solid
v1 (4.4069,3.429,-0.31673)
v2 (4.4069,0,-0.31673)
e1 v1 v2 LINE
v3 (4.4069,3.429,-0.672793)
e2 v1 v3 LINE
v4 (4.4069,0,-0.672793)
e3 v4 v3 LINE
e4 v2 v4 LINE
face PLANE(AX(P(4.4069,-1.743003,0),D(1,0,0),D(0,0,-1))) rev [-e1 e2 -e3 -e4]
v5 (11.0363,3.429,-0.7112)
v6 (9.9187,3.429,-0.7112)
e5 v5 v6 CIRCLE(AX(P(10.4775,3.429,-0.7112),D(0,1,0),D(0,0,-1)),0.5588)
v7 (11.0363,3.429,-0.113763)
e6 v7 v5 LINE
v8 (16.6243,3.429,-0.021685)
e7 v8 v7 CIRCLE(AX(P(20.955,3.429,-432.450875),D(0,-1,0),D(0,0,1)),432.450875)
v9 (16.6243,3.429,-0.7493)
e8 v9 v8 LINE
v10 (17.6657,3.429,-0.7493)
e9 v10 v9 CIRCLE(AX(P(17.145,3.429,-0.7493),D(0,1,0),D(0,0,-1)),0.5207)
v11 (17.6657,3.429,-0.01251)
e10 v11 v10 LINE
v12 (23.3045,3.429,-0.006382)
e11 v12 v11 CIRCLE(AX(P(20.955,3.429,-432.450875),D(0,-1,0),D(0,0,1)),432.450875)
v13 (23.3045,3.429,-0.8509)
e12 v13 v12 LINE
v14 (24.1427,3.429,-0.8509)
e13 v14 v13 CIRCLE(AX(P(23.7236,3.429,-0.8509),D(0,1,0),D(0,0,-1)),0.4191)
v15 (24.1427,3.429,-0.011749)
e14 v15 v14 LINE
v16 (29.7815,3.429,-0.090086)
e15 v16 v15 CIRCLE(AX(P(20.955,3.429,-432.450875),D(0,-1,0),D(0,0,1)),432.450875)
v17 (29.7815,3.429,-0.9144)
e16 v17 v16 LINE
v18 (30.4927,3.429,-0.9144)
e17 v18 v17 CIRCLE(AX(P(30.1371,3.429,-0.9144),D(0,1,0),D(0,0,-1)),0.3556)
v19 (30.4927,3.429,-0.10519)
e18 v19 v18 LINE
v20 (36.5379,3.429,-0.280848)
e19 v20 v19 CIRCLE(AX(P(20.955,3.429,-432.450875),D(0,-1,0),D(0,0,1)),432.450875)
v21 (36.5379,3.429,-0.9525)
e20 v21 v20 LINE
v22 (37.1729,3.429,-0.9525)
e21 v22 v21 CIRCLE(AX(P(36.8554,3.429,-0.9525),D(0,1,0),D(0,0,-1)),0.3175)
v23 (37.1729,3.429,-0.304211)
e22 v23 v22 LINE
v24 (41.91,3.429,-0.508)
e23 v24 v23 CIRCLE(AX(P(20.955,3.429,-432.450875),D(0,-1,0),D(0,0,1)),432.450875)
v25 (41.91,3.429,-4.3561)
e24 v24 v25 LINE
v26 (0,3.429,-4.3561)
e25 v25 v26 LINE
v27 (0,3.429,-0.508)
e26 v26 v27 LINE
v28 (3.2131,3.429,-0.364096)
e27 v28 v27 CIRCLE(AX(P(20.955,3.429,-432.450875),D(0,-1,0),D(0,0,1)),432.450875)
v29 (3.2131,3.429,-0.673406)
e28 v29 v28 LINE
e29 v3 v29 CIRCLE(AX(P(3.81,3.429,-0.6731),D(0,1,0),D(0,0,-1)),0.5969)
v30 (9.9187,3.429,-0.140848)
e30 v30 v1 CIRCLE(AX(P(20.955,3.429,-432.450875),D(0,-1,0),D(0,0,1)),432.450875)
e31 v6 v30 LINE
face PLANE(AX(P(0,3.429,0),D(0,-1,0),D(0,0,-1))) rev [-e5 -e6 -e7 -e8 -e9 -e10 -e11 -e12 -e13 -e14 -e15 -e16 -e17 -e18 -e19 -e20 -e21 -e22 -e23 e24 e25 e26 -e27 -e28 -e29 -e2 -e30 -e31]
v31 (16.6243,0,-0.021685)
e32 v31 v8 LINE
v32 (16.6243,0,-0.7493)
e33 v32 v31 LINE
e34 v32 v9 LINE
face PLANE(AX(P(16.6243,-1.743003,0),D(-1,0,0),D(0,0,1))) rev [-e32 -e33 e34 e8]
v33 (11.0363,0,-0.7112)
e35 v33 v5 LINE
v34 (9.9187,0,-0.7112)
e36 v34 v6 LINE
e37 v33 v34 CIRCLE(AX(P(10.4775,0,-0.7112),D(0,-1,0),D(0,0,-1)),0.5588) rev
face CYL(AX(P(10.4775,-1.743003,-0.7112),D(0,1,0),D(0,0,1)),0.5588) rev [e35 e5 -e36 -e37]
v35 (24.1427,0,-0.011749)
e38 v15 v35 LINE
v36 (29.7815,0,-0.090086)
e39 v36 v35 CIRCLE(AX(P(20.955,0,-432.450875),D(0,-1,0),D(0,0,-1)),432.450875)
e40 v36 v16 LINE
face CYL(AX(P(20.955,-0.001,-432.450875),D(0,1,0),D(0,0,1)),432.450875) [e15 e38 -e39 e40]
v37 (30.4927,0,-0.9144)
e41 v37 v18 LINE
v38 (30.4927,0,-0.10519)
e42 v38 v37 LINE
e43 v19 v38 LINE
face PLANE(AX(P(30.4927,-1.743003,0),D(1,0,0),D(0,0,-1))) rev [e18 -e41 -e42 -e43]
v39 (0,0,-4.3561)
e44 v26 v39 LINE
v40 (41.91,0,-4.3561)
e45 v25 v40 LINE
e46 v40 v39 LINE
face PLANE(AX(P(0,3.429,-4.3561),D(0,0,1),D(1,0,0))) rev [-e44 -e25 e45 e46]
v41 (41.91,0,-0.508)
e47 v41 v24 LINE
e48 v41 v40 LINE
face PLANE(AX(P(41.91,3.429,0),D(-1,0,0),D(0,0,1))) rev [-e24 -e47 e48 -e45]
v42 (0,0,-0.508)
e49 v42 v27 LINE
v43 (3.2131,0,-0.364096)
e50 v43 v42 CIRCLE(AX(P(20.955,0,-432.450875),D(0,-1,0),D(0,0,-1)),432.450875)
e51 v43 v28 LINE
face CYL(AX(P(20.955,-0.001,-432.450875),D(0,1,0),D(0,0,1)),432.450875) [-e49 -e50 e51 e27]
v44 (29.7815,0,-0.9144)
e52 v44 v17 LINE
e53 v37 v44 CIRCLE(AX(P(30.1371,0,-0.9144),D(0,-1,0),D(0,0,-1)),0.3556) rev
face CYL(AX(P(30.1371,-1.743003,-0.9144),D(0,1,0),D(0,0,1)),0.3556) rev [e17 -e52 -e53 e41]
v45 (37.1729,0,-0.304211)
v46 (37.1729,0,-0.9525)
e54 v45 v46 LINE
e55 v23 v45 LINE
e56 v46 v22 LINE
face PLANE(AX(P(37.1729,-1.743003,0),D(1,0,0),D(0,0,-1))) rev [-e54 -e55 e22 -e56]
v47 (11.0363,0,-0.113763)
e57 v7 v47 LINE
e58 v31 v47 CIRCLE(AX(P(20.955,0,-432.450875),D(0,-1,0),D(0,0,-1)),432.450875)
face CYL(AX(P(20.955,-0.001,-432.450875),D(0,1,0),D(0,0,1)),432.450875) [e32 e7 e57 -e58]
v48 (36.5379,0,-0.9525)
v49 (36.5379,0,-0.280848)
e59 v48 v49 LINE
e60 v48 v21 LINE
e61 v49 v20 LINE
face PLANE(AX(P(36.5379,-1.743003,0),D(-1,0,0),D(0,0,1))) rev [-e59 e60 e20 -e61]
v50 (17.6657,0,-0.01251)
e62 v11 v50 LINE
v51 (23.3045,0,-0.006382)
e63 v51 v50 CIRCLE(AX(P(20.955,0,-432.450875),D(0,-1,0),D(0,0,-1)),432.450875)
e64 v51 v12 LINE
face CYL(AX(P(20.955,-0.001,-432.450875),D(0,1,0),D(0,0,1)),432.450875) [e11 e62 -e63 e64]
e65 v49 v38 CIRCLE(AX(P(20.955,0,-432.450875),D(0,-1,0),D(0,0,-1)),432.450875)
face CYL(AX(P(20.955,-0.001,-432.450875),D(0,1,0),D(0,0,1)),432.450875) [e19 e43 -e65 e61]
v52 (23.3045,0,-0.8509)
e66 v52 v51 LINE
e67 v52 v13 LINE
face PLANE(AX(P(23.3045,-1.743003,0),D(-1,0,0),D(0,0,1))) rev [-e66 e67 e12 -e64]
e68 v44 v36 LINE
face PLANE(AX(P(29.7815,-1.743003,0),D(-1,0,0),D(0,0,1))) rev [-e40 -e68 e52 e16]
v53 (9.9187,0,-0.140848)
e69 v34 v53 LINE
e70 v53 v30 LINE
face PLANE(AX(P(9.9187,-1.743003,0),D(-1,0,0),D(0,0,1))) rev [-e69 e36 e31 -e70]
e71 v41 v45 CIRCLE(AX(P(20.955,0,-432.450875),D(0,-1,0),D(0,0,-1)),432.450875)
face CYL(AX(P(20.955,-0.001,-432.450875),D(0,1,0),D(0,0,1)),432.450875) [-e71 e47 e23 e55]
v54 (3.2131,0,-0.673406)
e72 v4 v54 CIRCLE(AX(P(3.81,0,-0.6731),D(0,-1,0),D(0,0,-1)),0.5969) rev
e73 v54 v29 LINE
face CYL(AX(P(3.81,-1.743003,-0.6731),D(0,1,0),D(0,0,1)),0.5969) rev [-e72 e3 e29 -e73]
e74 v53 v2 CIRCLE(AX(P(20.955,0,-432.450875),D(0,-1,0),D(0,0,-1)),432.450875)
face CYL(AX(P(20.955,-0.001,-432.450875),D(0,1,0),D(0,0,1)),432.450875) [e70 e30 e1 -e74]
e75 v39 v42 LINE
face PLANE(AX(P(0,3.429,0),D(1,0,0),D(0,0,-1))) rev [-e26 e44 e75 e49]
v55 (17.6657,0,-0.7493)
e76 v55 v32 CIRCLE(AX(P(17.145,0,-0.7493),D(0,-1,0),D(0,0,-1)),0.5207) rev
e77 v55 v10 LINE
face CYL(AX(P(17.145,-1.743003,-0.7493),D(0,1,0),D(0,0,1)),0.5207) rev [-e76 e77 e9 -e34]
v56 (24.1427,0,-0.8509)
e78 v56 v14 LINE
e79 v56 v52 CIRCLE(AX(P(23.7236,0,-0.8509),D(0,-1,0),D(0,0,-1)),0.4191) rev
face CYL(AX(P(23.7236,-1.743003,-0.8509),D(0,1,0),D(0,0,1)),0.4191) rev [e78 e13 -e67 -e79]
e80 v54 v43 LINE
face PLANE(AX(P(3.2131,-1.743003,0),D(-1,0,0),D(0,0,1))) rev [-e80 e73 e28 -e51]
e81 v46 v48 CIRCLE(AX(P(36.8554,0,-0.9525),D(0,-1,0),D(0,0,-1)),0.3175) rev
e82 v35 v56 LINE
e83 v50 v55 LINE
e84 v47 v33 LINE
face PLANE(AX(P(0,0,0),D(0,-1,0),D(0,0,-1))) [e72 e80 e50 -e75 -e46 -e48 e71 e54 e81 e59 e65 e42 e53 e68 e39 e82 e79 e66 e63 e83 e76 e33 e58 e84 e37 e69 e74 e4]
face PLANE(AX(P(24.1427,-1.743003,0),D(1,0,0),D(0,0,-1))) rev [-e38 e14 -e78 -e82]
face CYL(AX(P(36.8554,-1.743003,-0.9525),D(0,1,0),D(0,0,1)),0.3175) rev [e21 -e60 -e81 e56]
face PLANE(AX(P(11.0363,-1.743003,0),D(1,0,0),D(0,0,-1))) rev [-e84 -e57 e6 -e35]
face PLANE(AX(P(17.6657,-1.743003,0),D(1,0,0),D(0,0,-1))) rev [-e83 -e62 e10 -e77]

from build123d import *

# Parameters (mm, degrees)
SKETCH1_W           = 41.91
SKETCH1_H           = 4.3561
BOSS_EXTRUDE1_DEPTH = 3.429
CUT_EXTRUDE1_DEPTH  = 3.429
CUT_EXTRUDE2_START  = -3.429
CUT_EXTRUDE2_DEPTH  = 3.429


with BuildPart() as part:
    # Sketch1 → Boss-Extrude1 (new body)
    with BuildSketch(Plane(origin=(0, 0, 0), x_dir=(1, 0, 0), z_dir=(0, 1, 0))):
        with Locations((20.955, 2.17805)):
            Rectangle(SKETCH1_W, SKETCH1_H)
    extrude(amount=BOSS_EXTRUDE1_DEPTH)

    # Sketch3 → Cut-Extrude1 (cut)
    with BuildSketch(Plane(origin=(0, 3.429, 0), x_dir=(1, 0, 0), z_dir=(0, 1, 0))):
        with BuildLine():
            Line((3.2131, 0), (3.2131, 0.673406365))
            ThreePointArc((3.2131, 0.673406365), (3.810306846, 1.27), (4.406900482, 0.672793154))
            Line((4.406900482, 0.672793154), (4.406900482, 0))
            Line((4.406900482, 0), (3.2131, 0))
        make_face()
        with BuildLine():
            Line((9.918700482, 0), (9.918700482, 0.7112))
            ThreePointArc((9.918700482, 0.7112), (10.477500482, 1.27), (11.036300482, 0.7112))
            Line((11.036300482, 0.7112), (11.036300482, 0))
            Line((11.036300482, 0), (9.918700482, 0))
        make_face()
        with BuildLine():
            Line((16.624300482, 0), (16.624300482, 0.7493))
            ThreePointArc((16.624300482, 0.7493), (17.145000482, 1.27), (17.665700482, 0.7493))
            Line((17.665700482, 0.7493), (17.665700482, 0))
            Line((17.665700482, 0), (16.624300482, 0))
        make_face()
        with BuildLine():
            Line((23.304500482, 0), (23.304500482, 0.8509))
            ThreePointArc((23.304500482, 0.8509), (23.723600482, 1.27), (24.142700482, 0.8509))
            Line((24.142700482, 0.8509), (24.142700482, 0))
            Line((24.142700482, 0), (23.304500482, 0))
        make_face()
        with BuildLine():
            Line((29.781500482, 0), (29.781500482, 0.9144))
            ThreePointArc((29.781500482, 0.9144), (30.137100482, 1.27), (30.492700482, 0.9144))
            Line((30.492700482, 0.9144), (30.492700482, 0))
            Line((30.492700482, 0), (29.781500482, 0))
        make_face()
        with BuildLine():
            Line((36.537900482, 0), (36.537900482, 0.9525))
            ThreePointArc((36.537900482, 0.9525), (36.855400482, 1.27), (37.172900482, 0.9525))
            Line((37.172900482, 0.9525), (37.172900482, 0))
            Line((37.172900482, 0), (36.537900482, 0))
        make_face()
    extrude(amount=-CUT_EXTRUDE1_DEPTH, mode=Mode.SUBTRACT)

    # Sketch4 → Cut-Extrude2 (cut)
    with BuildSketch(Plane(origin=(0, 3.429, 0), x_dir=(1, 0, 0), z_dir=(0, 1, 0)).offset(CUT_EXTRUDE2_START)):
        with BuildLine():
            Line((0, 0.508), (0, -0.53864271))
            Line((0, -0.53864271), (41.91, -0.53864271))
            Line((41.91, -0.53864271), (41.91, 0.508))
            ThreePointArc((41.91, 0.508), (20.955, 0), (0, 0.508))
        make_face()
    extrude(amount=CUT_EXTRUDE2_DEPTH, mode=Mode.SUBTRACT)


solid = part.part
